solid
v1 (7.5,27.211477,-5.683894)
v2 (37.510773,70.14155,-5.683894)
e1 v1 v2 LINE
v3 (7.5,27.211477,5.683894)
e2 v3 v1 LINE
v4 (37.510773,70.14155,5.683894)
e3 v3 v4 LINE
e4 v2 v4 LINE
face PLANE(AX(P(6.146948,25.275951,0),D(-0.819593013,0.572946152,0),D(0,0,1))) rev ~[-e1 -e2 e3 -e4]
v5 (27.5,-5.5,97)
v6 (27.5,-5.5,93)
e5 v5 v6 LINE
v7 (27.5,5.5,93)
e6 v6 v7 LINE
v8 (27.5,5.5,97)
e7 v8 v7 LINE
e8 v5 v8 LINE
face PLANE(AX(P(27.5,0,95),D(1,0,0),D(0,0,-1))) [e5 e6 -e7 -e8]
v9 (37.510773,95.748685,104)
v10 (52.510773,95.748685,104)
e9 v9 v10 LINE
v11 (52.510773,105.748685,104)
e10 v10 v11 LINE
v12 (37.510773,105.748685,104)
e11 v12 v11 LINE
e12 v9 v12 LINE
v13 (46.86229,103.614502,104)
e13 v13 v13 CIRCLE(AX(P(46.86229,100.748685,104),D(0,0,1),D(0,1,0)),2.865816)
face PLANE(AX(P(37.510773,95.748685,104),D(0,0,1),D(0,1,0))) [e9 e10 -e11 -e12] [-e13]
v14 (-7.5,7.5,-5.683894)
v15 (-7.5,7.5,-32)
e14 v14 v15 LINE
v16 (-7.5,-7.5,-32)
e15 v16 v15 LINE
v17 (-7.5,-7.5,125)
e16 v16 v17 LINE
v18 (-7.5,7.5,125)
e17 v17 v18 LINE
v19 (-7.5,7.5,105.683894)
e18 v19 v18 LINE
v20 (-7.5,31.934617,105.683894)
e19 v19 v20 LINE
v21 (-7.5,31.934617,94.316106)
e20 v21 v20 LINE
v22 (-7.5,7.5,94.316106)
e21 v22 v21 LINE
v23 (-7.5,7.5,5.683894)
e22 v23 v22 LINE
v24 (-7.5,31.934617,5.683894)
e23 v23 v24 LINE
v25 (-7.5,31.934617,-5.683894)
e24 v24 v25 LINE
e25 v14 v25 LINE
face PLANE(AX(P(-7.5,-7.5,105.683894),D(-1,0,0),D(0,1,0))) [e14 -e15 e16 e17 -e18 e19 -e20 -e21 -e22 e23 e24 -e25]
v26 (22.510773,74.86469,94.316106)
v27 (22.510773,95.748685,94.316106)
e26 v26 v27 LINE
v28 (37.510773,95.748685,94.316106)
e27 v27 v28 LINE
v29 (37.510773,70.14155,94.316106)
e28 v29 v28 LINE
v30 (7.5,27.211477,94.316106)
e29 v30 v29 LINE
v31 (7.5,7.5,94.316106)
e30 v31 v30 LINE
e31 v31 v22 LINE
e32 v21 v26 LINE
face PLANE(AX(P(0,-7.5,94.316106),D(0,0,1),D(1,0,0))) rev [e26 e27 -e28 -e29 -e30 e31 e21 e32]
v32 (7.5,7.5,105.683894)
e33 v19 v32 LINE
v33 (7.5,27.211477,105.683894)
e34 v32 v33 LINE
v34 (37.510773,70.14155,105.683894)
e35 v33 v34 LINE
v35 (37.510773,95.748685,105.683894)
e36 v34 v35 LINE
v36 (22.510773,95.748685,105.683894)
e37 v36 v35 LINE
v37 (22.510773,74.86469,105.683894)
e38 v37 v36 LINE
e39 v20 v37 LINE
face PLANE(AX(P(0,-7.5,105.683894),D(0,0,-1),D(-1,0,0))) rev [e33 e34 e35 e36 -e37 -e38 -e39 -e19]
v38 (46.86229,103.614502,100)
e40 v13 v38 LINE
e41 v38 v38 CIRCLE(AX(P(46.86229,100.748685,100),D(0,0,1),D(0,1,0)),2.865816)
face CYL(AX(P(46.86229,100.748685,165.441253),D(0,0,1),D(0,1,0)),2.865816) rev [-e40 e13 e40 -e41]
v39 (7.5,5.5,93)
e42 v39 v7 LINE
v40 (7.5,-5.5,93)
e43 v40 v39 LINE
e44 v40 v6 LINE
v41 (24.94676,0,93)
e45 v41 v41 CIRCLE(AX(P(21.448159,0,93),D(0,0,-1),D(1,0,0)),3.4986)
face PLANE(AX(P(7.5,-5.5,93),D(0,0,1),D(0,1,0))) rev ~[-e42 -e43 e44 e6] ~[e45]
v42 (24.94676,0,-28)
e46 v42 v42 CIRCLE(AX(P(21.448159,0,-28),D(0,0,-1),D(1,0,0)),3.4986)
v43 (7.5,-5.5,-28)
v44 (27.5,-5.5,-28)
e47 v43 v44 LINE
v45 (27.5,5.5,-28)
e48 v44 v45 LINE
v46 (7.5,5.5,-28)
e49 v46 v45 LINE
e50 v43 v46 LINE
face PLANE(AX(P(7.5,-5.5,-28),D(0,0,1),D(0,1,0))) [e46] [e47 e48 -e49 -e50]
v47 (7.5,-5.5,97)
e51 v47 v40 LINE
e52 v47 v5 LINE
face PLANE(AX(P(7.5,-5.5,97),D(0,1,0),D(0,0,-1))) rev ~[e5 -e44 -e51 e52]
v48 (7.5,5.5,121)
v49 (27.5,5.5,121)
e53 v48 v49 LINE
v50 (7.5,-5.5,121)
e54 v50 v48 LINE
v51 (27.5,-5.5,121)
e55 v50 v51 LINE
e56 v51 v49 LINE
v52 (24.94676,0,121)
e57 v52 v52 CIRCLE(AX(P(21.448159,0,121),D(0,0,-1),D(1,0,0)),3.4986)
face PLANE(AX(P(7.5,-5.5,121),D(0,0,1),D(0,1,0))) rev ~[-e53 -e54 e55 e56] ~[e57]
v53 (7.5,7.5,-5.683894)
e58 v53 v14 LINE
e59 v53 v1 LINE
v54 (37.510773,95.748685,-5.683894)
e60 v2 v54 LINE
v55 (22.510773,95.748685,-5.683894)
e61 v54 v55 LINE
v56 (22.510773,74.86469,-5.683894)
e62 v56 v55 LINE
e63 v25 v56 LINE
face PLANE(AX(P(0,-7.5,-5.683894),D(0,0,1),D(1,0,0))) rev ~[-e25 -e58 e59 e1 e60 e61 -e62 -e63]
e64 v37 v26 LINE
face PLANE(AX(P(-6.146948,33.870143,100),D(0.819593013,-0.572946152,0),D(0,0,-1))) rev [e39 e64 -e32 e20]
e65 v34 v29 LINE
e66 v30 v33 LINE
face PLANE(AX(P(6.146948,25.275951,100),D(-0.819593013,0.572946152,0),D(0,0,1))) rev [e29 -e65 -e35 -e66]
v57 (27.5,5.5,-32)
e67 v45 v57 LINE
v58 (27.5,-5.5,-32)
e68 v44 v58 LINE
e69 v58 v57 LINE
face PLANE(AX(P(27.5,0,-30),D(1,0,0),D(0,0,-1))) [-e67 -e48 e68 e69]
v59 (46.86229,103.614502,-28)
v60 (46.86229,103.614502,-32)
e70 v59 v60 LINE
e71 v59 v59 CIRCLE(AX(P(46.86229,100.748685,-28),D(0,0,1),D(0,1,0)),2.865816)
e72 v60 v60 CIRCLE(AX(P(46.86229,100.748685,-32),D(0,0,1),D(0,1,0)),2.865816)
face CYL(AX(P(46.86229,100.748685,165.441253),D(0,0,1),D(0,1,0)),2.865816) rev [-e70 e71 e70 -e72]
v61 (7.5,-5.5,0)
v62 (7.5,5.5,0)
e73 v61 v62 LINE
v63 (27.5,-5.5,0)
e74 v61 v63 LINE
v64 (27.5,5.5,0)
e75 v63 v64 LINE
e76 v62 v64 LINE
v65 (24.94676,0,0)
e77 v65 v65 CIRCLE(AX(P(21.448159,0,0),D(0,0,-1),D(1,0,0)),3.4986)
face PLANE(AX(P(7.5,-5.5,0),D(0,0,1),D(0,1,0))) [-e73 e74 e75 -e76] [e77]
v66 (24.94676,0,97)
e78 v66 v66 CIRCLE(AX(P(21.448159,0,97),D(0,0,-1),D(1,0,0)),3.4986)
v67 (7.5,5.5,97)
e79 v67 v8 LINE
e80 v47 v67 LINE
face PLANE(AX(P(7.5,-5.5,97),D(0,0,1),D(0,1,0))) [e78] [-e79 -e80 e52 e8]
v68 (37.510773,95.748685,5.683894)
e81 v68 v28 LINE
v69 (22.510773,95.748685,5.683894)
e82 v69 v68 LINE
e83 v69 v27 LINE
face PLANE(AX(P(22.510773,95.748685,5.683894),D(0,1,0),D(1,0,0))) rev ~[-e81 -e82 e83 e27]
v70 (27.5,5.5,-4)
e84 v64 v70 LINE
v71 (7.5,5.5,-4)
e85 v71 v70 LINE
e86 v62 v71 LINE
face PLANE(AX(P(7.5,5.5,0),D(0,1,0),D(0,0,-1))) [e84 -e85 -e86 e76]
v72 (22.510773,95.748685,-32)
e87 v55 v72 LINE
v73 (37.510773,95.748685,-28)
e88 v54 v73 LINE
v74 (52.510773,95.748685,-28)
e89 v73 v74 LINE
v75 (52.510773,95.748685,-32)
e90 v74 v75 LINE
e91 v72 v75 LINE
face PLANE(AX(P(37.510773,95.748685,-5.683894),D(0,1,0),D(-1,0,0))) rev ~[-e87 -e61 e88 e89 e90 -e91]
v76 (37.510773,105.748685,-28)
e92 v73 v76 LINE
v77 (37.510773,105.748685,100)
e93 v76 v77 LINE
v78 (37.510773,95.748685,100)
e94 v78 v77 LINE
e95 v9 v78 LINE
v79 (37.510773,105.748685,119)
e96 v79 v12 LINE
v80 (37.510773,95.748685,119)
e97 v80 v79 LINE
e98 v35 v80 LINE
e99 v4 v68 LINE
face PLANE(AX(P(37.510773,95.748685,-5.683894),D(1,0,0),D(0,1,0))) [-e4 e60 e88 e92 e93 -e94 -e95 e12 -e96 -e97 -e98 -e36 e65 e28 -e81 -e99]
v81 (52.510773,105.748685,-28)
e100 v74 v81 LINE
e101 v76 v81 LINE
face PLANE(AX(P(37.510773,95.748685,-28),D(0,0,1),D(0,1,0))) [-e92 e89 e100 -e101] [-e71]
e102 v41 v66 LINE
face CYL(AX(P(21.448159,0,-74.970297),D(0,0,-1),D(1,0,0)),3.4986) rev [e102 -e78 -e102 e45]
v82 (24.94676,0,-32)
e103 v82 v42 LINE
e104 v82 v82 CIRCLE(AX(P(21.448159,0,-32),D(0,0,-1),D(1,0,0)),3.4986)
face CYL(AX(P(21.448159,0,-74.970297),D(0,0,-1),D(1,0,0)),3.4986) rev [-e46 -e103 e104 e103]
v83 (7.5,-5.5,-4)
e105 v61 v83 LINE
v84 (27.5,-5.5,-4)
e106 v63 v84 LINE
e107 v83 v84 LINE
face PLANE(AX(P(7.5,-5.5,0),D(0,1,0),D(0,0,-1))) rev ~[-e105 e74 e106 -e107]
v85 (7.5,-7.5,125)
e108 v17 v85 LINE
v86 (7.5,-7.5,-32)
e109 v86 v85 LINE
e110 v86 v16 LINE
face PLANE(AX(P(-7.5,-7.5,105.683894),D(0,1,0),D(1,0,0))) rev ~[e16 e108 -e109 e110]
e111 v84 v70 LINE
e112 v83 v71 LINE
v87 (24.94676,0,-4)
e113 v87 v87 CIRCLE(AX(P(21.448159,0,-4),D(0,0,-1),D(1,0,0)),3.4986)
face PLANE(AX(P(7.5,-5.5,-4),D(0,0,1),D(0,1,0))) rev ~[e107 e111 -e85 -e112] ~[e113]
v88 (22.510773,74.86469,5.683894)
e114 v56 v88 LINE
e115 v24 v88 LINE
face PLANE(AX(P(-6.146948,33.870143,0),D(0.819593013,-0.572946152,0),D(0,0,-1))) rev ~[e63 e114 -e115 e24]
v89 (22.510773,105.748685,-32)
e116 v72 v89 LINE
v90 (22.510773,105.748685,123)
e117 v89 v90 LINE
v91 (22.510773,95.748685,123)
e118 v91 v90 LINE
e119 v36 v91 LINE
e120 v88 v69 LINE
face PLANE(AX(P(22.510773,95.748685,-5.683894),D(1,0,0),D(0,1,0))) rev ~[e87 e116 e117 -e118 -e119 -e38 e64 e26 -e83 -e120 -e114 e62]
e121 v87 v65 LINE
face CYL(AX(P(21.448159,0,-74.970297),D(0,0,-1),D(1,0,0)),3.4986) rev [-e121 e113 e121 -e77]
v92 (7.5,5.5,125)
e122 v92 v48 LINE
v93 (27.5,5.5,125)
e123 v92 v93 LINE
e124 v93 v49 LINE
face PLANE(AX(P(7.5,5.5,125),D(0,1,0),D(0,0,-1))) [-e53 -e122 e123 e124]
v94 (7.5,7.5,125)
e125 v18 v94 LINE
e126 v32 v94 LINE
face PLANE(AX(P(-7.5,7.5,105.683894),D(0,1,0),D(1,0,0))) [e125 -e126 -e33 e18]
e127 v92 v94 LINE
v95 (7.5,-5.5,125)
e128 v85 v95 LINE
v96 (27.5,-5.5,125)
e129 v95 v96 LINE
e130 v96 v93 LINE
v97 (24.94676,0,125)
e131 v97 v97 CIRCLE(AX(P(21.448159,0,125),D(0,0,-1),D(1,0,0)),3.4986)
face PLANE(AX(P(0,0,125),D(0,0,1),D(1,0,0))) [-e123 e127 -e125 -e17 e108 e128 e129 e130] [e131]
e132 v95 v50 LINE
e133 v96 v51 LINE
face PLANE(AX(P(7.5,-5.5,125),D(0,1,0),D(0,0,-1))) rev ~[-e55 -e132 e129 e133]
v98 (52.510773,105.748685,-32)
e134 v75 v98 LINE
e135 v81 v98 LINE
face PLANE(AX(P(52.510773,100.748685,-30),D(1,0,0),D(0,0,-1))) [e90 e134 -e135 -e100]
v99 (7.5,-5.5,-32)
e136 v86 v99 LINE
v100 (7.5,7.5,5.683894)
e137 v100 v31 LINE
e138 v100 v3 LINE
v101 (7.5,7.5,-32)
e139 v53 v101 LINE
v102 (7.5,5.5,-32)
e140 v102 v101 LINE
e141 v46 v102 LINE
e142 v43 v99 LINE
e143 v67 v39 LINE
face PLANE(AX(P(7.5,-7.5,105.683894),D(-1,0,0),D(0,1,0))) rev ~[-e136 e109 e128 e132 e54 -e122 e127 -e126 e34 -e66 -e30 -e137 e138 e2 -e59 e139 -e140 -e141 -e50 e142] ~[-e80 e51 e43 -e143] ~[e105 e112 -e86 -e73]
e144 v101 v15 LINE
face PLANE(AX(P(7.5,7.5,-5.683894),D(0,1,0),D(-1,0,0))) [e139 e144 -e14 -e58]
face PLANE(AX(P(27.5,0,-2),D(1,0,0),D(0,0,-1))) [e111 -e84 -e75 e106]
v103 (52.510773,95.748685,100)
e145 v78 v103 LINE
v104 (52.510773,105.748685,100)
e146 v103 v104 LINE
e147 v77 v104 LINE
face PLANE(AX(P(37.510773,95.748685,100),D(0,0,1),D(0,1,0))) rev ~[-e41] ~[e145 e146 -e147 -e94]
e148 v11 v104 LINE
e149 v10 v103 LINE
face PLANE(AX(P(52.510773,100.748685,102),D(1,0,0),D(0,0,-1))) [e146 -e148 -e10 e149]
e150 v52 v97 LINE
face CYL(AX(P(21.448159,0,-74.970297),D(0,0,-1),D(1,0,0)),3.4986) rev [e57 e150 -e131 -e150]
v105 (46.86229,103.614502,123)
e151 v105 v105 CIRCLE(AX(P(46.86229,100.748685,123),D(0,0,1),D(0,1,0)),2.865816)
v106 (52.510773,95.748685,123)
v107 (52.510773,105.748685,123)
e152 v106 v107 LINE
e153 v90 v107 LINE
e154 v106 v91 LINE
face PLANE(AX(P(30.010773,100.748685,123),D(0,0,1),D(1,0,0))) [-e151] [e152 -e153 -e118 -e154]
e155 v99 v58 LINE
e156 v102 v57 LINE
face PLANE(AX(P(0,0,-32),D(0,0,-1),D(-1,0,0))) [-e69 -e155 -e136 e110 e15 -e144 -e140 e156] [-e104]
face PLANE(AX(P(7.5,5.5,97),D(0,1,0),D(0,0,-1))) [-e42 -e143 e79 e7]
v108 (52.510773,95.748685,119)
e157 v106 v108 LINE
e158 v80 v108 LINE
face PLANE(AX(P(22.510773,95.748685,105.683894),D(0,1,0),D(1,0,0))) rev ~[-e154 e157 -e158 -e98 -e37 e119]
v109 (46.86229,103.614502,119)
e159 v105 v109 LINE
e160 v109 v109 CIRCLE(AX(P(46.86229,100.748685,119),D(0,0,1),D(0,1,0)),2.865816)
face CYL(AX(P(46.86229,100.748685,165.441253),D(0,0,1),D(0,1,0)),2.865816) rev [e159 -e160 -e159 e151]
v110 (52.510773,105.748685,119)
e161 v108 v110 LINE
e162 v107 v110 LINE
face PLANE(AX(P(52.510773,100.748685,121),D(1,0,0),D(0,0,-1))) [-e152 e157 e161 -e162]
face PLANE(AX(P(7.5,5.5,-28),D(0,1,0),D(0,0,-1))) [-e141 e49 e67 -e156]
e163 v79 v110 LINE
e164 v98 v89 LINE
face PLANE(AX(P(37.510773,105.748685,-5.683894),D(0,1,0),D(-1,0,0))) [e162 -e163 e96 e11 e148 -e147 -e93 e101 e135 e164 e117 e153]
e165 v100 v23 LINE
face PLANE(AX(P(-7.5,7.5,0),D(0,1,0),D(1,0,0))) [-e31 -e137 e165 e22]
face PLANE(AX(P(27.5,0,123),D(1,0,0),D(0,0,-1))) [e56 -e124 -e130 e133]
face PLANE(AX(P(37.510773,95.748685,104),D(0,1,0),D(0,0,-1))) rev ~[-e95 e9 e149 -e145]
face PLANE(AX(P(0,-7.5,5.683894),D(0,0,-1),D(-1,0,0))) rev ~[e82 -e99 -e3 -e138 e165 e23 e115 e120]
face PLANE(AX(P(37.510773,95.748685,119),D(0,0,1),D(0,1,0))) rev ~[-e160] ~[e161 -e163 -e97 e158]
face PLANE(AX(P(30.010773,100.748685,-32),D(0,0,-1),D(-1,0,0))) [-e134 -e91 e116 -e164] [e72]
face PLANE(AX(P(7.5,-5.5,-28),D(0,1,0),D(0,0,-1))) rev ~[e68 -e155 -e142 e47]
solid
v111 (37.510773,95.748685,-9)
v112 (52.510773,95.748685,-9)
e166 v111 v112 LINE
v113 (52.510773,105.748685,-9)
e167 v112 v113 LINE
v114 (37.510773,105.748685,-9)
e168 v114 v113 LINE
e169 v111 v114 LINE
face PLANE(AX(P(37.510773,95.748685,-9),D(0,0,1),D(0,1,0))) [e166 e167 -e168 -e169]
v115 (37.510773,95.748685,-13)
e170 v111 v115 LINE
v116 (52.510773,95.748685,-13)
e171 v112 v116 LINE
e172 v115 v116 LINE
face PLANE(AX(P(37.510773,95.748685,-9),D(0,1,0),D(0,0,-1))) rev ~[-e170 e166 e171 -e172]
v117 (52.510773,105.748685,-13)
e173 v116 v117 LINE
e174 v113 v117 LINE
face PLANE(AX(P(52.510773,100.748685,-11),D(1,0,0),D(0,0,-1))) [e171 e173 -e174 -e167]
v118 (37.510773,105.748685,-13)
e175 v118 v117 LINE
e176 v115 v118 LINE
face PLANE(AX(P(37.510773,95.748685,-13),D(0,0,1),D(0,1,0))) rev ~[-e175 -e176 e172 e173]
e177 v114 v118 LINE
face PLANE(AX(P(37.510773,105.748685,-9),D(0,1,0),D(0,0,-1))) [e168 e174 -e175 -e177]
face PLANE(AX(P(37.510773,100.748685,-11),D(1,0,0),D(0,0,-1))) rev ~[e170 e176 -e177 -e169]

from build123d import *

# Parameters (mm, degrees)
SKETCH1_W               = 15
SKETCH1_H               = 15
BOSS_EXTRUDE1_DEPTH     = 100
SKETCH6_W               = 15
SKETCH6_H               = 11.367788058
SKETCH9_W               = 15
SKETCH9_H               = 10
BOSS_EXTRUDE3_DEPTH     = 88.632211942
SKETCH10_W              = 4
SKETCH10_H              = 11
BOSS_EXTRUDE4_DEPTH     = 20
SKETCH13_W              = 15
SKETCH13_H              = 15
BOSS_EXTRUDE5_DEPTH     = 26.316105971
SKETCH14_W              = 15
SKETCH14_H              = 15
BOSS_EXTRUDE6_DEPTH     = 19.316105971
CUT_EXTRUDE1_DEPTH      = 171.970297301
CUT_EXTRUDE1_DEPTH_BACK = 171.970297301
SKETCH11_R              = 3.498600433
SKETCH15_W              = 4
SKETCH15_H              = 10
BOSS_EXTRUDE7_DEPTH     = 15
SKETCH17_W              = 15
SKETCH17_H              = 10
BOSS_EXTRUDE8_DEPTH     = 17.316105971
SKETCH18_W              = 15
SKETCH18_H              = 10
BOSS_EXTRUDE9_DEPTH     = 26.316105971
CUT_EXTRUDE2_DEPTH      = 197.441252703
CUT_EXTRUDE2_DEPTH_BACK = 197.441252703
SKETCH19_R              = 2.865816397


with BuildPart() as part:
    # Sketch1 → Boss-Extrude1 (new body)
    with BuildSketch(Plane.XY):
        Rectangle(SKETCH1_W, SKETCH1_H)
    extrude(amount=BOSS_EXTRUDE1_DEPTH)



with BuildPart() as body_2:
    # Sweep2: sweep along a path in Sketch5
    with BuildLine(Plane.XY) as sweep2_path:
        Line((0, -7.5), (0, 29.573046855))
        Line((0, 29.573046855), (30.010773466, 72.503120051))
        Line((30.010773466, 72.503120051), (30.010773466, 105.748685256))
    # Sketch6 → Sweep2 (sweep)
    with BuildSketch(Plane.XZ.offset(7.5)):
        Rectangle(SKETCH6_W, SKETCH6_H)
    sweep(path=sweep2_path.line, transition=Transition.RIGHT)


with BuildPart() as body_3:
    # Mirror1: mirrored copy
    add(body_2.part.mirror(Plane(origin=(0, 0, 50), x_dir=(1, 0, 0), z_dir=(0, 0, -1))))


with BuildPart() as body_2_1:
    add(body_2.part)

    add(body_3.part)  # Boss-Extrude3 merges body 3
    # Sketch9 → Boss-Extrude3 (add)
    with BuildSketch(Plane.XY.offset(5.683894029)):
        with Locations((30.010773466, 100.748685256)):
            Rectangle(SKETCH9_W, SKETCH9_H)
    extrude(amount=BOSS_EXTRUDE3_DEPTH)


with BuildPart() as part_1:
    add(part.part)

    add(body_2_1.part)  # Boss-Extrude4 merges body 2
    # Sketch10 → Boss-Extrude4 (add)
    with BuildSketch(Plane(origin=(7.5, 0, 0), x_dir=(0, 0, -1), z_dir=(1, 0, 0))):
        with Locations((-123, 0)):
            Rectangle(SKETCH10_W, SKETCH10_H)
        with Locations((-95, 0)):
            Rectangle(SKETCH10_W, SKETCH10_H)
        with Locations((2, 0)):
            Rectangle(SKETCH10_W, SKETCH10_H)
        with Locations((30, 0)):
            Rectangle(SKETCH10_W, SKETCH10_H)
    extrude(amount=BOSS_EXTRUDE4_DEPTH)

    # Sketch13 → Boss-Extrude5 (add)
    with BuildSketch(Plane(origin=(0, 0, -5.683894029), x_dir=(-1, 0, 0), z_dir=(0, 0, -1))):
        Rectangle(SKETCH13_W, SKETCH13_H)
    extrude(amount=BOSS_EXTRUDE5_DEPTH)

    # Sketch14 → Boss-Extrude6 (add)
    with BuildSketch(Plane.XY.offset(105.683894029)):
        Rectangle(SKETCH14_W, SKETCH14_H)
    extrude(amount=BOSS_EXTRUDE6_DEPTH)

    # Sketch11 → Cut-Extrude1 (cut, two sides: drawn at the far end of the back side and taken through both)
    with BuildSketch(Plane.XY.offset(97).offset(-CUT_EXTRUDE1_DEPTH_BACK)):
        with Locations((21.44815937, 0)):
            Circle(SKETCH11_R)
    extrude(amount=CUT_EXTRUDE1_DEPTH + CUT_EXTRUDE1_DEPTH_BACK, mode=Mode.SUBTRACT)

    # Sketch15 → Boss-Extrude7 (add)
    with BuildSketch(Plane(origin=(37.510773466, 0, 0), x_dir=(0, 0, -1), z_dir=(1, 0, 0))):
        with Locations((-121, 100.748685256)):
            Rectangle(SKETCH15_W, SKETCH15_H)
        with Locations((-102, 100.748685256)):
            Rectangle(SKETCH15_W, SKETCH15_H)
        with Locations((11, 100.748685256)):
            Rectangle(SKETCH15_W, SKETCH15_H)
        with Locations((30, 100.748685256)):
            Rectangle(SKETCH15_W, SKETCH15_H)
    extrude(amount=BOSS_EXTRUDE7_DEPTH)


with BuildPart() as boss_extrude7_piece_1:
    # of the separate pieces the step leaves, piece 1, a body of its own (boss_extrude7_pieces)
    add(part_1.part.solids().sort_by_distance((-7.5, 7.5, -5.683894029))[0])



with BuildPart() as boss_extrude7_piece_2:
    # of the separate pieces the step leaves, piece 2, a body of its own (boss_extrude7_pieces)
    add(part_1.part.solids().sort_by_distance((37.510773466, 95.748685256, 119))[0])


with BuildPart() as boss_extrude7_piece_3:
    # of the separate pieces the step leaves, piece 3, a body of its own (boss_extrude7_pieces)
    add(part_1.part.solids().sort_by_distance((37.510773466, 95.748685256, -32))[0])


with BuildPart() as boss_extrude7_piece_4:
    # of the separate pieces the step leaves, piece 4, a body of its own (boss_extrude7_pieces)
    add(part_1.part.solids().sort_by_distance((37.510773466, 95.748685256, -13))[0])


with BuildPart() as boss_extrude7_piece_1_1:
    add(boss_extrude7_piece_1.part)

    add(boss_extrude7_piece_2.part)  # Boss-Extrude8 merges Boss-Extrude7 piece 2
    # Sketch17 → Boss-Extrude8 (add)
    with BuildSketch(Plane.XY.offset(105.683894029)):
        with Locations((30.010773466, 100.748685256)):
            Rectangle(SKETCH17_W, SKETCH17_H)
    extrude(amount=BOSS_EXTRUDE8_DEPTH)


    add(boss_extrude7_piece_3.part)  # Boss-Extrude9 merges Boss-Extrude7 piece 3
    # Sketch18 → Boss-Extrude9 (add)
    with BuildSketch(Plane(origin=(0, 0, -5.683894029), x_dir=(-1, 0, 0), z_dir=(0, 0, -1))):
        with Locations((-30.010773466, 100.748685256)):
            Rectangle(SKETCH18_W, SKETCH18_H)
    extrude(amount=BOSS_EXTRUDE9_DEPTH)

    # Sketch19 → Cut-Extrude2 (cut, two sides: drawn at the far end of the back side and taken through both)
    with BuildSketch(Plane(origin=(0, 0, -32), x_dir=(-1, 0, 0), z_dir=(0, 0, -1)).offset(-CUT_EXTRUDE2_DEPTH_BACK)):
        with Locations(Location((-46.862290346, 100.748685256, 0), (0, 0, 90))):
            Circle(SKETCH19_R)
    extrude(amount=CUT_EXTRUDE2_DEPTH + CUT_EXTRUDE2_DEPTH_BACK, mode=Mode.SUBTRACT)


solid = Compound([boss_extrude7_piece_4.part, boss_extrude7_piece_1_1.part])
